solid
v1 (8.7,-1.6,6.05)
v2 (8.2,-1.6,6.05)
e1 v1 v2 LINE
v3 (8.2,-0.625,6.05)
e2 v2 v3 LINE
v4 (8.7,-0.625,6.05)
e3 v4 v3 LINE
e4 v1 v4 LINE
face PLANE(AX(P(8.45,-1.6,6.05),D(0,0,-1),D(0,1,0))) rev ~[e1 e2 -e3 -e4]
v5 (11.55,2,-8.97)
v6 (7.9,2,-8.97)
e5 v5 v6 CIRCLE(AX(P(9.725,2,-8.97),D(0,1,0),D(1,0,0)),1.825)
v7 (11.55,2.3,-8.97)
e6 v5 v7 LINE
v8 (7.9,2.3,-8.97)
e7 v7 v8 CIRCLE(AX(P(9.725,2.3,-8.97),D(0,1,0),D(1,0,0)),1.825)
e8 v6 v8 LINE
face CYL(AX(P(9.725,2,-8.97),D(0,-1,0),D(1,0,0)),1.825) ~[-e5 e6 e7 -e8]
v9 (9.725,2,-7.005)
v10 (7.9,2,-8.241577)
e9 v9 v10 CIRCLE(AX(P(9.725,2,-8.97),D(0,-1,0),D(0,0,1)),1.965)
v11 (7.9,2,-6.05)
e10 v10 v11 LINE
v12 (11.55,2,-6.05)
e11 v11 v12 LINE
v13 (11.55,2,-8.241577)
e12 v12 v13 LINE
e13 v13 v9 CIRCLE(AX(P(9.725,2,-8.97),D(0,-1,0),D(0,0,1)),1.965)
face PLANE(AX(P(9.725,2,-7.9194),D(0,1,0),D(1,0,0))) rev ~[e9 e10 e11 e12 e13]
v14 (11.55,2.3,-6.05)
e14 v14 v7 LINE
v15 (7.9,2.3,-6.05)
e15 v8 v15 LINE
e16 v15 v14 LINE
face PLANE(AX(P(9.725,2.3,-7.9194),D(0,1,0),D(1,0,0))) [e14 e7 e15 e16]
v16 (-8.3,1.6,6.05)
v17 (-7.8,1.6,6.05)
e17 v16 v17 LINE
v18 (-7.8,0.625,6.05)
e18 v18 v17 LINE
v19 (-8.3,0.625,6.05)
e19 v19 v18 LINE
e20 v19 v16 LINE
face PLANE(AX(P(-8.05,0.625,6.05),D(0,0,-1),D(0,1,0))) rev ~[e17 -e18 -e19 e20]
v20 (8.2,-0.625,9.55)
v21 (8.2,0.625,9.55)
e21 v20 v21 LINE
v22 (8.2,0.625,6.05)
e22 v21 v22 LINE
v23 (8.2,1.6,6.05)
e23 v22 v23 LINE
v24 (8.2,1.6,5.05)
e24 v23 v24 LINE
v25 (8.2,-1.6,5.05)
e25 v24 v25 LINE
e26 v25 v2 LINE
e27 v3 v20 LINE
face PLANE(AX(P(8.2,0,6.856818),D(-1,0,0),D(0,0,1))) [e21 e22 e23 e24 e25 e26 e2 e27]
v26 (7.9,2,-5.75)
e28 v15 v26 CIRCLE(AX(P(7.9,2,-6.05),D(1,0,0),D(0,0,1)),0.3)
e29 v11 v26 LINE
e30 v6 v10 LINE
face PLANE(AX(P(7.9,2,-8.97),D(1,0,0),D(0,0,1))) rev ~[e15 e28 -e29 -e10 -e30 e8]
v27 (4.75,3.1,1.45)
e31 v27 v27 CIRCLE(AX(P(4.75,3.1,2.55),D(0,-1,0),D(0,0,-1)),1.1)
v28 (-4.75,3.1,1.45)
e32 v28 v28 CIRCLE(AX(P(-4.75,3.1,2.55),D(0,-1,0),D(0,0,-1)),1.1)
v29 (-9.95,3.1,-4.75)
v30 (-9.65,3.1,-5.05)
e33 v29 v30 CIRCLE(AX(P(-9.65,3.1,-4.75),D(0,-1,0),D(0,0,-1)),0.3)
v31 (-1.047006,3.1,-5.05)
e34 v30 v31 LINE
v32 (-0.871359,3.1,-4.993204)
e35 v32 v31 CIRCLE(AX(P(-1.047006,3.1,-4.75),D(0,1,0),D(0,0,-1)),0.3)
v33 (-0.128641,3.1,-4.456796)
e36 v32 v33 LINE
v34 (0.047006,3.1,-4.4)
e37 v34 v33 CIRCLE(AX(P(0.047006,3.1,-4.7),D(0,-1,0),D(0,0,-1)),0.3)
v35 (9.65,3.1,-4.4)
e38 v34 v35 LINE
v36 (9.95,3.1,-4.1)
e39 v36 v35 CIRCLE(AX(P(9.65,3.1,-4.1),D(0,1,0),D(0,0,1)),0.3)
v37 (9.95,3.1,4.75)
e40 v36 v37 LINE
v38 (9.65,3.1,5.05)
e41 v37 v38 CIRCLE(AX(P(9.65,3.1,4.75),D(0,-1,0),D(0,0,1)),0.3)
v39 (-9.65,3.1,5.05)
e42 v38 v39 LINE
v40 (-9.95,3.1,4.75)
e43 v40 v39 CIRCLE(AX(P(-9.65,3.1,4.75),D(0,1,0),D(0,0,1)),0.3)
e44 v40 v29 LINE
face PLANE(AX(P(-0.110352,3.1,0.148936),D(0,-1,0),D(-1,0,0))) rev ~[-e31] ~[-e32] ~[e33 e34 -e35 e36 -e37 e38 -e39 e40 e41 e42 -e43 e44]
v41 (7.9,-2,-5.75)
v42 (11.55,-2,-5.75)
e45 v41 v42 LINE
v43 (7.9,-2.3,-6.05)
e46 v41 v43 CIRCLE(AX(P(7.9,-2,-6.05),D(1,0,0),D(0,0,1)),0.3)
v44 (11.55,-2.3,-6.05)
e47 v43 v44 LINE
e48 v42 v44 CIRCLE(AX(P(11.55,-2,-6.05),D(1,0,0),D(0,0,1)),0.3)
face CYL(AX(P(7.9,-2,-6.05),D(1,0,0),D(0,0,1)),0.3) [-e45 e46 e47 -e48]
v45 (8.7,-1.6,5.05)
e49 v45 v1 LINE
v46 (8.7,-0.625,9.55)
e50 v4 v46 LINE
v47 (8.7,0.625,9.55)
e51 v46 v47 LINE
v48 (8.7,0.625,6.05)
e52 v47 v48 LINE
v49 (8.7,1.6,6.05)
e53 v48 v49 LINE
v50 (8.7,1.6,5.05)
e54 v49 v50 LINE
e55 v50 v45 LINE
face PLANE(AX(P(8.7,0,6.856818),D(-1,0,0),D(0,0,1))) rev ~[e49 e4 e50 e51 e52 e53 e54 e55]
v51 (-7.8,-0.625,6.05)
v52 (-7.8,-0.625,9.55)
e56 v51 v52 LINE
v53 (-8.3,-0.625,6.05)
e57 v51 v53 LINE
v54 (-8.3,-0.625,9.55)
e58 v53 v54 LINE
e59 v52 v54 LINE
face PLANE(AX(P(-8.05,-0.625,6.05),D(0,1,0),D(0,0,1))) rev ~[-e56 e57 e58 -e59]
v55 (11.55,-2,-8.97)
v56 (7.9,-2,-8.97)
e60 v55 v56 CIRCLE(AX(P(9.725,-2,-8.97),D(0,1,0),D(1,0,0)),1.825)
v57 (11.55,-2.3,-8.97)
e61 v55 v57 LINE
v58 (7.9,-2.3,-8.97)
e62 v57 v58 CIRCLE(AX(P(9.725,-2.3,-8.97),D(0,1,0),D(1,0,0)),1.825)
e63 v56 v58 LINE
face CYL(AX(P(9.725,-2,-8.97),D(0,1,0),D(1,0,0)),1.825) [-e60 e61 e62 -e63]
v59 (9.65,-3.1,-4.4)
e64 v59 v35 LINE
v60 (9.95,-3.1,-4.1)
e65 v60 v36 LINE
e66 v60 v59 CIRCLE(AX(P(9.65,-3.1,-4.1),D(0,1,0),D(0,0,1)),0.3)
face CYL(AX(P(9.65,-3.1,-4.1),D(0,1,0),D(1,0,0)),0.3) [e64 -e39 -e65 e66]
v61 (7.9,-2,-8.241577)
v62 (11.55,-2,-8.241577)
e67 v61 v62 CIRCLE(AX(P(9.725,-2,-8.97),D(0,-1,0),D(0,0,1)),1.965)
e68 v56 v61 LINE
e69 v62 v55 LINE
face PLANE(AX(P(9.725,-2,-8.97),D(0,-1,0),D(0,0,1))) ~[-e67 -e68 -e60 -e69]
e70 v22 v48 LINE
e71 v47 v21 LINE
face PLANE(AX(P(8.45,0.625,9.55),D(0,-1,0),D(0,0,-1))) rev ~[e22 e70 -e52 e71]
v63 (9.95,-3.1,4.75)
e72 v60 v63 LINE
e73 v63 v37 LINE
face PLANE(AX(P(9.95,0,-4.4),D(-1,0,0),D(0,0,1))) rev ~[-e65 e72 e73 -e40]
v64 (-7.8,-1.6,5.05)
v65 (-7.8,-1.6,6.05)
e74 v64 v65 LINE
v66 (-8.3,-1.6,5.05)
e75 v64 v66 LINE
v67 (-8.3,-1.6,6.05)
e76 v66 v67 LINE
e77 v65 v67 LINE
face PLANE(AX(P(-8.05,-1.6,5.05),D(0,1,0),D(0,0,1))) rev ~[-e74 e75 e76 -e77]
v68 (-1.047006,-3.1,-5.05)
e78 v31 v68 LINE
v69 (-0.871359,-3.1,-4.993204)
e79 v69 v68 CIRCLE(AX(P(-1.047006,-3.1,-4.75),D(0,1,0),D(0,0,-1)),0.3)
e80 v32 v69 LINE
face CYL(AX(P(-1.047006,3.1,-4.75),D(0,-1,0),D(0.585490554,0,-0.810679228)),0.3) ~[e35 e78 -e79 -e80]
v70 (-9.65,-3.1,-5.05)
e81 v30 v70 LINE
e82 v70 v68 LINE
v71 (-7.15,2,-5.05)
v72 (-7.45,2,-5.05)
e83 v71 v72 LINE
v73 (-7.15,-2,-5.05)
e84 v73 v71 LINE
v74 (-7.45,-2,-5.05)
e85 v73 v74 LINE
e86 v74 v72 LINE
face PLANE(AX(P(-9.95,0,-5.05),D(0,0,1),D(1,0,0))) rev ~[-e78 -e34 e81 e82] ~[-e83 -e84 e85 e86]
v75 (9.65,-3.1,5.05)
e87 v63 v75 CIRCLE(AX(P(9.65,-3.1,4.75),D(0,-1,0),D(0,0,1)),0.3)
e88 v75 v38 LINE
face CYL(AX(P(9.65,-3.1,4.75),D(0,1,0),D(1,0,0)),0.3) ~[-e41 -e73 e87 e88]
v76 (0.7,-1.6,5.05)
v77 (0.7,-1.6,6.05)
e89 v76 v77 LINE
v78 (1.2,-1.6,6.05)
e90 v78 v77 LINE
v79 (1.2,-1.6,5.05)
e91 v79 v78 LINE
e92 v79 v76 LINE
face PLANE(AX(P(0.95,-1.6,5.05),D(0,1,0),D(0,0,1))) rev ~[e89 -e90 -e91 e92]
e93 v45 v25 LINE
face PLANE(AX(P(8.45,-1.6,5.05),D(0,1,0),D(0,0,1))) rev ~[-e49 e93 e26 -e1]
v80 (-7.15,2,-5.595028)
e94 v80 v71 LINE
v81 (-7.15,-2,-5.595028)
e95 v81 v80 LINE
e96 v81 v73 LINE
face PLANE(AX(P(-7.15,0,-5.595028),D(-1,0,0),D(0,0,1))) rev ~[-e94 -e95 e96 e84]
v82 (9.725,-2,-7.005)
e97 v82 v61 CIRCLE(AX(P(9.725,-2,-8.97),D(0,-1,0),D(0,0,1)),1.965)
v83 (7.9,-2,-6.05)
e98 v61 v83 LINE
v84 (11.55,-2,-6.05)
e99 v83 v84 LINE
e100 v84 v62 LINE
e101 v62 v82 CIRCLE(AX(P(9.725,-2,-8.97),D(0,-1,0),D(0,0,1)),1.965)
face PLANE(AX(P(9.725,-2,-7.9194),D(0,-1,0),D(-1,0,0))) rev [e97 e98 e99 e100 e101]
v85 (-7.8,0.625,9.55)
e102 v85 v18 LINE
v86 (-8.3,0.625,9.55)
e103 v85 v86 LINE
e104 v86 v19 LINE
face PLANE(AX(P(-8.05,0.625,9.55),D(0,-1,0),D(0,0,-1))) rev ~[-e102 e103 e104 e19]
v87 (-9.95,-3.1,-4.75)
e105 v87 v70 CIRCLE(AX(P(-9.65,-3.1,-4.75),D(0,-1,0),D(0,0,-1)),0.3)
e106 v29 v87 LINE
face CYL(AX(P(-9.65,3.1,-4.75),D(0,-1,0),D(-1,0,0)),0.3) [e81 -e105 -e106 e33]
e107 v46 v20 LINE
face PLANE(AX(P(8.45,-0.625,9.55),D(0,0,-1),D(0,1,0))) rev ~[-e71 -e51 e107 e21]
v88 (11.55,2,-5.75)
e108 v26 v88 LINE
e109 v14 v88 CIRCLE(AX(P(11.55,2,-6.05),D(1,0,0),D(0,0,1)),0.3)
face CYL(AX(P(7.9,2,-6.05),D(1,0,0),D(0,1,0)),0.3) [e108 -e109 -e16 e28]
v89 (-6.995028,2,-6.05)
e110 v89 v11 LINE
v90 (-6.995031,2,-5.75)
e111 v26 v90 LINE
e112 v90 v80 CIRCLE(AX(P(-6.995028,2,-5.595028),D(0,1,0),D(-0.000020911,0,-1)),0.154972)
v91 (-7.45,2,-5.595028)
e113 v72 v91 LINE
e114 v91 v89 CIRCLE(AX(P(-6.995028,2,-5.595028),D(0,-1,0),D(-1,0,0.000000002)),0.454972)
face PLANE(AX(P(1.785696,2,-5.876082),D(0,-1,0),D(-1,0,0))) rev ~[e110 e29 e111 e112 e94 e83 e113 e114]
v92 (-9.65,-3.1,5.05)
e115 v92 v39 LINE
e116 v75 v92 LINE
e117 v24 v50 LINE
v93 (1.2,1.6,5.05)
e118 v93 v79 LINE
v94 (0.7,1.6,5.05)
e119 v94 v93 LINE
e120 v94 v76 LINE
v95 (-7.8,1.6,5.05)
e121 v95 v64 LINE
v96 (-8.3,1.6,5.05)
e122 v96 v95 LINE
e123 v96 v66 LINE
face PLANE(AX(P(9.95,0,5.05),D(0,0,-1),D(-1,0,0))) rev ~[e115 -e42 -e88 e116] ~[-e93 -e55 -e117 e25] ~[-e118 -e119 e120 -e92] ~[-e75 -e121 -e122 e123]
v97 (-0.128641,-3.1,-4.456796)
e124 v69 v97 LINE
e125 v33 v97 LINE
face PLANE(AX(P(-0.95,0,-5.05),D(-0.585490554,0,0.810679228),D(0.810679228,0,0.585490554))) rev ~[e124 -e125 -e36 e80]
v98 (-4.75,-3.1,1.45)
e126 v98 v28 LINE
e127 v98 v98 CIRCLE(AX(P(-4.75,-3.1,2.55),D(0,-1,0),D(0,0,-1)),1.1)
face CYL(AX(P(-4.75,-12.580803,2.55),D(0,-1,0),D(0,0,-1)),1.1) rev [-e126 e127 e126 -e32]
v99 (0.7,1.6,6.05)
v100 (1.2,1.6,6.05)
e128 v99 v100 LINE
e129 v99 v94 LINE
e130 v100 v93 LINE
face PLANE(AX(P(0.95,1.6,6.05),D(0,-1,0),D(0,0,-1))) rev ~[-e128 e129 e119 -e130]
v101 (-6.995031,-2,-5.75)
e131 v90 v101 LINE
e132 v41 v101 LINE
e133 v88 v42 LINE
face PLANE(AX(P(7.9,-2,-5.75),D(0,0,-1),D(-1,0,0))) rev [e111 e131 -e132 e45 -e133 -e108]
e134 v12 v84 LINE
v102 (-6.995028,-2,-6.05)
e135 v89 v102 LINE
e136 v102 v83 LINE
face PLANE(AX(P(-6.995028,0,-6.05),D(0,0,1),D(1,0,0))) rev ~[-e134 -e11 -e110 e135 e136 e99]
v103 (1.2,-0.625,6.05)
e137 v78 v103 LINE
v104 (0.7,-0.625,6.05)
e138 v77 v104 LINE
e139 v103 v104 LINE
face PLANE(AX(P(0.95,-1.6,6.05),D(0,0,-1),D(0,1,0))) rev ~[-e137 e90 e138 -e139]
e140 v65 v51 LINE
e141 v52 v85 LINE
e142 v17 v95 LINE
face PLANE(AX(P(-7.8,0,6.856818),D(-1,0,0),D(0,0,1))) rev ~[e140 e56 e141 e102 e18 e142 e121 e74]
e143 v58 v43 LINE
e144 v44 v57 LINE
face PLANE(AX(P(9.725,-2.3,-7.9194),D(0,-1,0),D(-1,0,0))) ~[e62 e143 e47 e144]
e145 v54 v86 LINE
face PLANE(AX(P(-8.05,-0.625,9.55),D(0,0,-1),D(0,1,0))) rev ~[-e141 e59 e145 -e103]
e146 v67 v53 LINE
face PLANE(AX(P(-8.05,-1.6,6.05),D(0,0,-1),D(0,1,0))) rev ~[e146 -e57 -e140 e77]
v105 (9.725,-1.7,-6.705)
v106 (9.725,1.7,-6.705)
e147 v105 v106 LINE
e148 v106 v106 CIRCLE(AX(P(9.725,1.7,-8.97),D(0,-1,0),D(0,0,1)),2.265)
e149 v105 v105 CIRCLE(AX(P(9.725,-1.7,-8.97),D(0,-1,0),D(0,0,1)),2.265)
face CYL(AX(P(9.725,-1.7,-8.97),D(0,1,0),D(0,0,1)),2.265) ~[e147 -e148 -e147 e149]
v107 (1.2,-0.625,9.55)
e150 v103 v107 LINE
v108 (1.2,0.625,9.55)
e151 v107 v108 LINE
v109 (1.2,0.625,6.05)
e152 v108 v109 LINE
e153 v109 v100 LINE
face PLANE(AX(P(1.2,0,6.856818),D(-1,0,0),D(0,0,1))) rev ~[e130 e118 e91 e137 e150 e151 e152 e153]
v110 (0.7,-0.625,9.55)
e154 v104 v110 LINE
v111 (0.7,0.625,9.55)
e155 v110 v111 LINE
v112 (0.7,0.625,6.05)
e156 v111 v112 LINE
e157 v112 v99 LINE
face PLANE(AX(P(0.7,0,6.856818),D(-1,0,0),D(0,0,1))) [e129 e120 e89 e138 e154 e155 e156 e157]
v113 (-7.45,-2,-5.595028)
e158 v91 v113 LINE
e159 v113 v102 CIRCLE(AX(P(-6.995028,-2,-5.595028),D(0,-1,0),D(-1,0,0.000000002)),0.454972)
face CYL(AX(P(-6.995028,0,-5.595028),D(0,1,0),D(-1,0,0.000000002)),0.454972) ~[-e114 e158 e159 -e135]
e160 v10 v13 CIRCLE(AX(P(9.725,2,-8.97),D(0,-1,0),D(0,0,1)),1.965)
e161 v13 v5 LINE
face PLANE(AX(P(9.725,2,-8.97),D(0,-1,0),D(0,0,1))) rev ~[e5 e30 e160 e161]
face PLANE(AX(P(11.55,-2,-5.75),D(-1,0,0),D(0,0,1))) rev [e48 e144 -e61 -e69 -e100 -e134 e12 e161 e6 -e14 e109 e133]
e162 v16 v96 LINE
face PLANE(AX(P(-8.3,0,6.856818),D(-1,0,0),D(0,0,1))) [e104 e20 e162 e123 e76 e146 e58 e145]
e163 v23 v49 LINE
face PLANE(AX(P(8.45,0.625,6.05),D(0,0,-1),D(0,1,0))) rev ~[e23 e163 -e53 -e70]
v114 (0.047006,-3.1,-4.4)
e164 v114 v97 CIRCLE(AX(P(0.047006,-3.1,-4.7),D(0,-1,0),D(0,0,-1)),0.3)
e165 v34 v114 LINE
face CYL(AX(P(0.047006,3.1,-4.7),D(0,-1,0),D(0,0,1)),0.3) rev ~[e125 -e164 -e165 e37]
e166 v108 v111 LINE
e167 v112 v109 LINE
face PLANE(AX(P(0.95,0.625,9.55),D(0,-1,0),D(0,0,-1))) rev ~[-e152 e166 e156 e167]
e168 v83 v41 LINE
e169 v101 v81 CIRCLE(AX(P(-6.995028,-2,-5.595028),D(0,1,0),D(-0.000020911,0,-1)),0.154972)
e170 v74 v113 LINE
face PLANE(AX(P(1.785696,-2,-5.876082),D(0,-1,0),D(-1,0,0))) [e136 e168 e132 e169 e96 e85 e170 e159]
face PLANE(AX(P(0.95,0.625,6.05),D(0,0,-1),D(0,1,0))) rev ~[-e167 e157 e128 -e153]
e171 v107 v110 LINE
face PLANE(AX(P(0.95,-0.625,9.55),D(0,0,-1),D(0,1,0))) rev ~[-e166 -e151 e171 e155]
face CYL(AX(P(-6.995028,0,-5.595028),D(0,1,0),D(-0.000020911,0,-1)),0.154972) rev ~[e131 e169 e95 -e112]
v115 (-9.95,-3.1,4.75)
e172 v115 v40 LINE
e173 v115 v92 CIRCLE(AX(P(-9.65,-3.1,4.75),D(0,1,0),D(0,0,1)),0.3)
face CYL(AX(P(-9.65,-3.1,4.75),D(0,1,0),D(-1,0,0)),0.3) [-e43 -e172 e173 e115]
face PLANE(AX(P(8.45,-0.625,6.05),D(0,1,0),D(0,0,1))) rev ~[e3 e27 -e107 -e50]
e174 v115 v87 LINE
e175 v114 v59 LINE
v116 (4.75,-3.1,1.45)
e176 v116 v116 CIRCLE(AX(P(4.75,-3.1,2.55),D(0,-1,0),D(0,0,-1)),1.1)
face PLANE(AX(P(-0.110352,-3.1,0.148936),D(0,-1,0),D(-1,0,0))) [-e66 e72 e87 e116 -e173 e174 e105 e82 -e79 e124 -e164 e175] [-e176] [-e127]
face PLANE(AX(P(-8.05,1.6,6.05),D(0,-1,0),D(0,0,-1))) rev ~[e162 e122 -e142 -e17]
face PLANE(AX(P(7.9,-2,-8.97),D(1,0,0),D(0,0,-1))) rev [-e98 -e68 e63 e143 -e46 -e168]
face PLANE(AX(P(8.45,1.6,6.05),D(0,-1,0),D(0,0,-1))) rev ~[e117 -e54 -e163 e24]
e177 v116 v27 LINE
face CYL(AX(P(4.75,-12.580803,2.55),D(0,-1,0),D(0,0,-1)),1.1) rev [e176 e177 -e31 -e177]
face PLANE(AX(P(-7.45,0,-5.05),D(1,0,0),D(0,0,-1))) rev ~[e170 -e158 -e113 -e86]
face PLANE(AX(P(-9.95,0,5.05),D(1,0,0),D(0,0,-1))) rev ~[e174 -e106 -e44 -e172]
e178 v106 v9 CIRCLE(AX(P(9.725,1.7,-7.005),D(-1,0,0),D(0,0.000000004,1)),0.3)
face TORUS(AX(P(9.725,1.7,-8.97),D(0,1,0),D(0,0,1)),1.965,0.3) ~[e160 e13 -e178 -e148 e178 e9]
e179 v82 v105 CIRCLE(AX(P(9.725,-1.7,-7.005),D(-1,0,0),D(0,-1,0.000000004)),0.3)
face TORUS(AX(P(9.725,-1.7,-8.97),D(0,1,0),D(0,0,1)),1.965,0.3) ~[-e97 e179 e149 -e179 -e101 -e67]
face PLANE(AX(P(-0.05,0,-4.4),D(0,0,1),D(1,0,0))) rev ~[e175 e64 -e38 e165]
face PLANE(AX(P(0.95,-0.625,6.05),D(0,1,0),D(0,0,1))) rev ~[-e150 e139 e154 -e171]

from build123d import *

# Parameters (mm, degrees)
BOSS_EXTRU_1_DEPTH           = 3.1
CONG_1_R                     = 0.3
ENL_V_MAT_EXTRU_2_DEPTH      = 12.580803081
ENL_V_MAT_EXTRU_2_DEPTH_BACK = 12.580803081
ESQUISSE2_R                  = 1.1
BOSS_EXTRU_2_DEPTH           = 2
BOSS_EXTRU_3_DEPTH           = 0.3
CONG_2_R                     = 0.3
CONG_2_OF_SYM_TRIE1_R        = 0.3
BOSS_EXTRU_5_DEPTH           = 0.25
R_P_TITION_LIN_AIRE1_COUNT   = 2
R_P_TITION_LIN_AIRE1_PITCH   = 7.5
R_P_TITION_LIN_AIRE2_COUNT   = 2
R_P_TITION_LIN_AIRE2_PITCH   = 16.5


with BuildPart() as part:
    # Esquisse1 → Boss.-Extru.1 (new, symmetric)
    with BuildSketch(Plane(origin=(0, 0, 0), x_dir=(1, 0, 0), z_dir=(0, 1, 0))):
        Polygon((-9.95, -5.05), (-9.95, 5.05), (-0.95, 5.05), (-0.05, 4.4), (9.95, 4.4), (9.95, -5.05), align=None)
    extrude(amount=BOSS_EXTRU_1_DEPTH, both=True)

    # Congé1
    cong_1_edges = [part.edges().sort_by_distance(p)[0] for p in [
        (-9.95, 0, 5.05),
        (-9.95, 0, -5.05),
        (-0.95, 0, -5.05),
        (-0.05, 0, -4.4),
        (9.95, 0, -4.4),
        (9.95, 0, 5.05),
    ]]
    fillet(cong_1_edges, radius=CONG_1_R)

    # Esquisse2 → Enlèv. mat.-Extru.2 (cut, two sides: drawn at the far end of the back side and taken through both)
    with BuildSketch(Plane(origin=(0, 0, 0), x_dir=(1, 0, 0), z_dir=(0, 1, 0)).offset(-ENL_V_MAT_EXTRU_2_DEPTH_BACK)):
        with Locations(Location((-4.75, -2.55, 0), (0, 0, 90))):
            Circle(ESQUISSE2_R)
        with Locations(Location((4.75, -2.55, 0), (0, 0, 90))):
            Circle(ESQUISSE2_R)
    extrude(amount=ENL_V_MAT_EXTRU_2_DEPTH + ENL_V_MAT_EXTRU_2_DEPTH_BACK, mode=Mode.SUBTRACT)

    # Esquisse3 → Boss.-Extru.2 (add, symmetric)
    with BuildSketch(Plane(origin=(0, 0, 0), x_dir=(1, 0, 0), z_dir=(0, 1, 0))):
        with BuildLine():
            Line((-7.45, 5.05), (-7.45, 5.595028059))
            ThreePointArc((-7.45, 5.595028059), (-7.316741804, 5.916741804), (-6.995028059, 6.05))
            Line((-6.995028059, 6.05), (11.55, 6.05))
            Line((11.55, 6.05), (11.55, 5.75))
            Line((11.55, 5.75), (-6.9950313, 5.75))
            ThreePointArc((-6.9950313, 5.75), (-7.104610915, 5.704608624), (-7.15, 5.595028059))
            Line((-7.15, 5.595028059), (-7.15, 5.05))
            Line((-7.15, 5.05), (-7.45, 5.05))
        make_face()
    extrude(amount=BOSS_EXTRU_2_DEPTH, both=True)

    # Esquisse4 → Boss.-Extru.3 (add)
    with BuildSketch(Plane(origin=(0, 2, 0), x_dir=(1, 0, 0), z_dir=(0, 1, 0))):
        with BuildLine():
            Line((11.55, 5.75), (11.55, 8.97))
            ThreePointArc((11.55, 8.97), (9.725, 10.795), (7.9, 8.97))
            Line((7.9, 8.97), (7.9, 5.75))
            Line((7.9, 5.75), (11.55, 5.75))
        make_face()
    boss_extru_3 = extrude(amount=BOSS_EXTRU_3_DEPTH)

    # Congé2
    cong_2_edges = [part.edges().sort_by_distance(p)[0] for p in [
        (9.725, 2.3, -5.75),
    ]]
    fillet(cong_2_edges, radius=CONG_2_R)

    # Symétrie1: Boss.-Extru.3 across plane
    add(boss_extru_3.mirror(Plane.ZX))

    # Congé2 of Symétrie1
    cong_2_of_sym_trie1_edges = [part.edges().sort_by_distance(p)[0] for p in [
        (9.725, -2.3, -5.75),
    ]]
    fillet(cong_2_of_sym_trie1_edges, radius=CONG_2_OF_SYM_TRIE1_R)

    # Esquisse6 → Révolution1 (revolve)
    with BuildSketch(Plane.XY.offset(-8.97), mode=Mode.PRIVATE) as r_volution1_sk:
        with BuildLine():
            Line((9.725, 2), (9.725, -2))
            Line((9.725, -2), (11.69, -2))
            ThreePointArc((11.69, -2), (11.902132034, -1.912132034), (11.99, -1.7))
            Line((11.99, -1.7), (11.99, 1.7))
            ThreePointArc((11.99, 1.7), (11.902132034, 1.912132034), (11.69, 2))
            Line((11.69, 2), (9.725, 2))
        make_face()
    revolve(r_volution1_sk.sketch.rotate(Axis((9.725, 2, -8.97), (0, -1, 0)), 90), axis=Axis((9.725, 2, -8.97), (0, -1, 0)))

    # Esquisse7 → Boss.-Extru.5 (add, symmetric)
    with BuildSketch(Plane(origin=(8.45, 0, 0), x_dir=(0, 0, -1), z_dir=(1, 0, 0))):
        Polygon((-5.05, 1.6), (-5.05, -1.6), (-6.05, -1.6), (-6.05, -0.625), (-9.55, -0.625), (-9.55, 0.625), (-6.05, 0.625), (-6.05, 1.6), align=None)
    boss_extru_5 = extrude(amount=BOSS_EXTRU_5_DEPTH, both=True)

    # Répétition linéaire1: Boss.-Extru.5 ×2
    with Locations(*[(-i * R_P_TITION_LIN_AIRE1_PITCH, 0, 0) for i in range(1, R_P_TITION_LIN_AIRE1_COUNT)]):
        add(boss_extru_5)

    # Répétition linéaire2: Boss.-Extru.5 ×2
    with Locations(*[(-i * R_P_TITION_LIN_AIRE2_PITCH, 0, 0) for i in range(1, R_P_TITION_LIN_AIRE2_COUNT)]):
        add(boss_extru_5)


solid = part.part
